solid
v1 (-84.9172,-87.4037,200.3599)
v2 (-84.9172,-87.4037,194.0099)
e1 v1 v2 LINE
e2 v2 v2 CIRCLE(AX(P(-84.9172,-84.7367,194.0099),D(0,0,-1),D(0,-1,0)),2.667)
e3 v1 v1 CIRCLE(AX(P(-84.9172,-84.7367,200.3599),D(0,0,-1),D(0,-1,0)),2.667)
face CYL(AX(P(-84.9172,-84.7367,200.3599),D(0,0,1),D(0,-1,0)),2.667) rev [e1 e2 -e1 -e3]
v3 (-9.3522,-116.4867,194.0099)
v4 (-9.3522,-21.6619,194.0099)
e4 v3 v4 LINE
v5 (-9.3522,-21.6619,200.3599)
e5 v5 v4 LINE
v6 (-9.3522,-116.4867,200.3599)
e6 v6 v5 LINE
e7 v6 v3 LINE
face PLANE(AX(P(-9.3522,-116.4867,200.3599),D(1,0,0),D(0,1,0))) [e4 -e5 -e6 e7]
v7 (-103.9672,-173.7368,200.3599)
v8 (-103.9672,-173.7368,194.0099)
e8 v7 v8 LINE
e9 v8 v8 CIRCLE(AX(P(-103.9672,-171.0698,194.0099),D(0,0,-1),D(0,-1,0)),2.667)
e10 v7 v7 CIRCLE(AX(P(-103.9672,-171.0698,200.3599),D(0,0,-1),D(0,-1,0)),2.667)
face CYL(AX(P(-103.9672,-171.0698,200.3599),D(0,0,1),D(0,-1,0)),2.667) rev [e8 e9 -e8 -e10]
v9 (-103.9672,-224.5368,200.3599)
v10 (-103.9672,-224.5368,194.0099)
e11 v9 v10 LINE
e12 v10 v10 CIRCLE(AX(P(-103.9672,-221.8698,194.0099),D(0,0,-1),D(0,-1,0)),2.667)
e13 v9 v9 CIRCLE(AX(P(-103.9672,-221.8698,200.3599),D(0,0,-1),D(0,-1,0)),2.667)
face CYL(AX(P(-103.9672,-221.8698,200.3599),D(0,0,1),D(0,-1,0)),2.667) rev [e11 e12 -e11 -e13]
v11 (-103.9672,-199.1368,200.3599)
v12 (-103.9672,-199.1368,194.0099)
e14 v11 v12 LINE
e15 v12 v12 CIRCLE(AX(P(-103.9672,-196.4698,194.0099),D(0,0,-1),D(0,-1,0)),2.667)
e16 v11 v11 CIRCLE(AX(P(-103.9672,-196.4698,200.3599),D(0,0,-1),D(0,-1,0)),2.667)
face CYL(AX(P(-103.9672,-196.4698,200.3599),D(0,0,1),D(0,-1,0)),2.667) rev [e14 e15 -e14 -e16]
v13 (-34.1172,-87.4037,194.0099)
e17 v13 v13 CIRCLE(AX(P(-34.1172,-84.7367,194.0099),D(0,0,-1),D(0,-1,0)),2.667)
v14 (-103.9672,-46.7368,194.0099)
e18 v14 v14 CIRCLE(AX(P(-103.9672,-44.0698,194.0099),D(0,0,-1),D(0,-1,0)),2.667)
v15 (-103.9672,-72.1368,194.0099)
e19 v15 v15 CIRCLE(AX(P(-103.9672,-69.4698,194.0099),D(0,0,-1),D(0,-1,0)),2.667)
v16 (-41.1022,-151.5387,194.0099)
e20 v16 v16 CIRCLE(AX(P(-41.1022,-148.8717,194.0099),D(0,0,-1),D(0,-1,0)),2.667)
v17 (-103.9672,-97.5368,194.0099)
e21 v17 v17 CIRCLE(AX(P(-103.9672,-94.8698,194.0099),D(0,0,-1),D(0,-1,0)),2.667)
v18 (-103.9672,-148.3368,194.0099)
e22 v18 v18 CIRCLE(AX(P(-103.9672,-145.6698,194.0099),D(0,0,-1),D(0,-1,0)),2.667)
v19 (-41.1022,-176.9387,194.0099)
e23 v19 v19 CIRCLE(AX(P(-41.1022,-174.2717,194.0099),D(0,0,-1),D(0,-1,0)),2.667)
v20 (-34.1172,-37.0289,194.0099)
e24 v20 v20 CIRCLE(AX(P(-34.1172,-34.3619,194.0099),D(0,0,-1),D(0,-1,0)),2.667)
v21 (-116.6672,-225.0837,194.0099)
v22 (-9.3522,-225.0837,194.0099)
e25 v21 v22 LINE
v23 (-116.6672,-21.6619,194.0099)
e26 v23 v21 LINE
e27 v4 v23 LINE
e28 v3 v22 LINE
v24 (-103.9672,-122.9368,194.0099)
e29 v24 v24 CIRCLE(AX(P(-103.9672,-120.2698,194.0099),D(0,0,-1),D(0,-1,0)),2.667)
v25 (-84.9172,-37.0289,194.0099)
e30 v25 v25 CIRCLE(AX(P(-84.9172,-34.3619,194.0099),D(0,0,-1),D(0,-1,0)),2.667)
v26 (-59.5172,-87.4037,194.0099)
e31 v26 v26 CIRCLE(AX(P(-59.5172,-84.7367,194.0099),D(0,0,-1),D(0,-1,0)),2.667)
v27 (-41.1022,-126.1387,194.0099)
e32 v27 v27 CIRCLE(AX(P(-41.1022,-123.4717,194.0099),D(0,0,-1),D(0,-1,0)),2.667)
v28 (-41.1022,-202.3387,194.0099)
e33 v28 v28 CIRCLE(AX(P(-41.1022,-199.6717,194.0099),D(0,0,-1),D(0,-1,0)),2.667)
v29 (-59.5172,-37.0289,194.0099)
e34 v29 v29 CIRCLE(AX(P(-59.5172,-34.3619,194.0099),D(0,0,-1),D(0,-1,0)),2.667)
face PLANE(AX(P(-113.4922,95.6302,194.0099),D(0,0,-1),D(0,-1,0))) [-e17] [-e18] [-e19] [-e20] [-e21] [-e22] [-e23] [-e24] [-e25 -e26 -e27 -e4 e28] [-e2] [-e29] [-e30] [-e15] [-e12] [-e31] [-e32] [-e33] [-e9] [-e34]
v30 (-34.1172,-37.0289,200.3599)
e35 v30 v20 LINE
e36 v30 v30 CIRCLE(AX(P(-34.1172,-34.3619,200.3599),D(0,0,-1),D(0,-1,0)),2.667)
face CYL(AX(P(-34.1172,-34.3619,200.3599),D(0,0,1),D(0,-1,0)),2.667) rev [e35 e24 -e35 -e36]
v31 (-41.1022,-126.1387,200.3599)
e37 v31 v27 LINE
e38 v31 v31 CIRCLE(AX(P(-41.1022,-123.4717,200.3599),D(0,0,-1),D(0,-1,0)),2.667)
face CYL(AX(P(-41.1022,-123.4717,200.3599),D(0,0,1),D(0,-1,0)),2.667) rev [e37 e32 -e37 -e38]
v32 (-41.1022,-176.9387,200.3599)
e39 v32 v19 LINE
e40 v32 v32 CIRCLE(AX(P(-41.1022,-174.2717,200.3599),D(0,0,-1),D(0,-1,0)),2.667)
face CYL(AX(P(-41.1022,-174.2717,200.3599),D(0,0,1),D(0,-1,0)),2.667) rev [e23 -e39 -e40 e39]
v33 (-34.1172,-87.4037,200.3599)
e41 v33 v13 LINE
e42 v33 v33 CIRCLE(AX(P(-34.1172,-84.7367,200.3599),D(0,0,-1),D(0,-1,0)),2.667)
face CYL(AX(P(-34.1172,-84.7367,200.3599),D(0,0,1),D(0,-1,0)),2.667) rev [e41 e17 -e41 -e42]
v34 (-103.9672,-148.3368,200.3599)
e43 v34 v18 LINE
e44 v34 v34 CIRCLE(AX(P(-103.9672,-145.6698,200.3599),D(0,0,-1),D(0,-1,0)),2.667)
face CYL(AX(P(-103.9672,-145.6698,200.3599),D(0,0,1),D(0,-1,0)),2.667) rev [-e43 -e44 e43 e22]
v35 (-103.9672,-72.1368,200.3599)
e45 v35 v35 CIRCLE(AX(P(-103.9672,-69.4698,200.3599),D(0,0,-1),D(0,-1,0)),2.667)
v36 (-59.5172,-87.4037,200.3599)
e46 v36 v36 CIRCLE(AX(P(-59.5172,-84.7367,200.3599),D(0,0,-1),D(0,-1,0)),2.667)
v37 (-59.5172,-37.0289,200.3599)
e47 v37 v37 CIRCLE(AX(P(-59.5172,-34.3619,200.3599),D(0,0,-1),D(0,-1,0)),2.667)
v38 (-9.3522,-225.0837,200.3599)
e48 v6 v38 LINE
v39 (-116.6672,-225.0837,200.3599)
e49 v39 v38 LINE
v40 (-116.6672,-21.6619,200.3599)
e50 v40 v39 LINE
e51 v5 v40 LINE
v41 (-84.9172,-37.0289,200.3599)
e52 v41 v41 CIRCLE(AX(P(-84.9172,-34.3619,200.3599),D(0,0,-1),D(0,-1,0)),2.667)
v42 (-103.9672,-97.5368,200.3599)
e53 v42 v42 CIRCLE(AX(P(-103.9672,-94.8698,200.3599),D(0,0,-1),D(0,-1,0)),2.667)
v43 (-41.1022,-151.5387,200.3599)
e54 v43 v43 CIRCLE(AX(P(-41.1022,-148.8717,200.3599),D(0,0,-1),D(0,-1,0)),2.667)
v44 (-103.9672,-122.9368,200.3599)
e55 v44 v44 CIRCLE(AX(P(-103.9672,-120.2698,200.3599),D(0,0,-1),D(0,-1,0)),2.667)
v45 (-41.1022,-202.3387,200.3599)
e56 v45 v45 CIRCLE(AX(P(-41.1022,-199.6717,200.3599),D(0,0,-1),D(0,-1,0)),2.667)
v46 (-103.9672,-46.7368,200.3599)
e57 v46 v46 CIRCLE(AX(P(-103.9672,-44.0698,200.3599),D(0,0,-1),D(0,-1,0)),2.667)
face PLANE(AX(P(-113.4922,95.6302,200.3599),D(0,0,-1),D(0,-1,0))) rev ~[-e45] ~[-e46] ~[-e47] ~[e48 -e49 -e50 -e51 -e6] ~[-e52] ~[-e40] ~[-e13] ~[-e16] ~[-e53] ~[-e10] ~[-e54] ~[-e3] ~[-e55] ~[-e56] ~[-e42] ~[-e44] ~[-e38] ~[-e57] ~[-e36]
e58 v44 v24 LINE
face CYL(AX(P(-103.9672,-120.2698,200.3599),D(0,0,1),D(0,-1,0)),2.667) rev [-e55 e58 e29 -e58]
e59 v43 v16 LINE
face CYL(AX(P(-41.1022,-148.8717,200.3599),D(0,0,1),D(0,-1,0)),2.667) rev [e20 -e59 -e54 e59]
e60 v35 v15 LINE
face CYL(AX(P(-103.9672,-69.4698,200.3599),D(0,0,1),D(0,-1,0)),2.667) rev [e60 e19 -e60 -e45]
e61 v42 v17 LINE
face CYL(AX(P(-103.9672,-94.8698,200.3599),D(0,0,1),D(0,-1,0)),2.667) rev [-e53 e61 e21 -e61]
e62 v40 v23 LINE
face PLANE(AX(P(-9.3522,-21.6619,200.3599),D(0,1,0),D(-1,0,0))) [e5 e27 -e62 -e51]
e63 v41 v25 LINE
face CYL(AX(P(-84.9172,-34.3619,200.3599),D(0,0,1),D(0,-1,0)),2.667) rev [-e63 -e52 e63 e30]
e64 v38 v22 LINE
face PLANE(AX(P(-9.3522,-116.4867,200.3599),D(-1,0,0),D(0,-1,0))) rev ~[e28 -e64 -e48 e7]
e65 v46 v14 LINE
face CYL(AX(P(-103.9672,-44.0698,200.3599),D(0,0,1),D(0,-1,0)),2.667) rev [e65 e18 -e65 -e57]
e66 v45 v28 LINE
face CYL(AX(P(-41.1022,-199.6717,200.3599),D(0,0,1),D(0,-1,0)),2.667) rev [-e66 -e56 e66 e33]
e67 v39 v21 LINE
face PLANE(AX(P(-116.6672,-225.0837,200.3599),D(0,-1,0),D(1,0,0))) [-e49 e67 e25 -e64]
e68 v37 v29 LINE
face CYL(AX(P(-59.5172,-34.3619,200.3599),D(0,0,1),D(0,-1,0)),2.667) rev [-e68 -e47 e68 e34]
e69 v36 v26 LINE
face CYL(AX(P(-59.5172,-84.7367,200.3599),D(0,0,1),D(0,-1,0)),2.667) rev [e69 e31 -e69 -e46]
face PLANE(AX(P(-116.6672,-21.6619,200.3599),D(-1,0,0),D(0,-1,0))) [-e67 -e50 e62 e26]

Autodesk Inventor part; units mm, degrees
ref_plane "YZ Plane" through (0, 0, 0) normal (1, 0, 0) x (0, 1, 0)
ref_plane "XZ Plane" through (0, 0, 0) normal (0, 1, 0) x (-1, 0, 0)
ref_plane "XY Plane" through (0, 0, 0) normal (0, 0, 1) x (1, 0, 0)
ref_plane "Work Plane1" through (-113.4922, 95.6302, 200.3599) normal (-0.0001, 0, -1) x (0, -1, 0)
sketch "Sketch1" plane through (-113.4922, 95.6302, 200.3599) normal (-0.0001, 0, -1) x (0, -1, 0)
  line L0 (212.1169, -104.14) -> (330.2269, -104.14) projected
  line L1 (117.2921, 3.175) -> (320.7139, 3.175)
  line L2 (320.7139, 3.175) -> (320.7139, -104.14)
  line L3 (320.7139, -104.14) -> (117.2921, -104.14)
  line L4 (117.2921, -104.14) -> (117.2921, 3.175)
  circle A0 centre (129.9921, -79.375) radius 2.667 projected
  circle A1 centre (129.9921, -53.975) radius 2.667 projected
  circle A2 centre (129.9921, -28.575) radius 2.667 projected
  circle A3 centre (139.7, -9.525) radius 2.667 projected
  circle A4 centre (165.1, -9.525) radius 2.667 projected
  circle A5 centre (180.3669, -28.575) radius 2.667 projected
  circle A6 centre (180.3669, -53.975) radius 2.667 projected
  circle A7 centre (180.3669, -79.375) radius 2.667 projected
  circle A8 centre (292.1, -9.525) radius 2.667 projected
  circle A9 centre (317.5, -9.525) radius 2.667 projected
  circle A10 centre (266.7, -9.525) radius 2.667 projected
  circle A11 centre (241.3, -9.525) radius 2.667 projected
  circle A12 centre (215.9, -9.525) radius 2.667 projected
  circle A13 centre (190.5, -9.525) radius 2.667 projected
  circle A14 centre (295.3019, -72.39) radius 2.667 projected
  circle A15 centre (269.9019, -72.39) radius 2.667 projected
  circle A16 centre (244.5019, -72.39) radius 2.667 projected
  circle A17 centre (219.1019, -72.39) radius 2.667 projected
  point P0 (95.6298, -113.5035)
extrude "Extrusion1" add sketch "Sketch1" along normal blind 6.35
properties part number "Aluminum Final"
